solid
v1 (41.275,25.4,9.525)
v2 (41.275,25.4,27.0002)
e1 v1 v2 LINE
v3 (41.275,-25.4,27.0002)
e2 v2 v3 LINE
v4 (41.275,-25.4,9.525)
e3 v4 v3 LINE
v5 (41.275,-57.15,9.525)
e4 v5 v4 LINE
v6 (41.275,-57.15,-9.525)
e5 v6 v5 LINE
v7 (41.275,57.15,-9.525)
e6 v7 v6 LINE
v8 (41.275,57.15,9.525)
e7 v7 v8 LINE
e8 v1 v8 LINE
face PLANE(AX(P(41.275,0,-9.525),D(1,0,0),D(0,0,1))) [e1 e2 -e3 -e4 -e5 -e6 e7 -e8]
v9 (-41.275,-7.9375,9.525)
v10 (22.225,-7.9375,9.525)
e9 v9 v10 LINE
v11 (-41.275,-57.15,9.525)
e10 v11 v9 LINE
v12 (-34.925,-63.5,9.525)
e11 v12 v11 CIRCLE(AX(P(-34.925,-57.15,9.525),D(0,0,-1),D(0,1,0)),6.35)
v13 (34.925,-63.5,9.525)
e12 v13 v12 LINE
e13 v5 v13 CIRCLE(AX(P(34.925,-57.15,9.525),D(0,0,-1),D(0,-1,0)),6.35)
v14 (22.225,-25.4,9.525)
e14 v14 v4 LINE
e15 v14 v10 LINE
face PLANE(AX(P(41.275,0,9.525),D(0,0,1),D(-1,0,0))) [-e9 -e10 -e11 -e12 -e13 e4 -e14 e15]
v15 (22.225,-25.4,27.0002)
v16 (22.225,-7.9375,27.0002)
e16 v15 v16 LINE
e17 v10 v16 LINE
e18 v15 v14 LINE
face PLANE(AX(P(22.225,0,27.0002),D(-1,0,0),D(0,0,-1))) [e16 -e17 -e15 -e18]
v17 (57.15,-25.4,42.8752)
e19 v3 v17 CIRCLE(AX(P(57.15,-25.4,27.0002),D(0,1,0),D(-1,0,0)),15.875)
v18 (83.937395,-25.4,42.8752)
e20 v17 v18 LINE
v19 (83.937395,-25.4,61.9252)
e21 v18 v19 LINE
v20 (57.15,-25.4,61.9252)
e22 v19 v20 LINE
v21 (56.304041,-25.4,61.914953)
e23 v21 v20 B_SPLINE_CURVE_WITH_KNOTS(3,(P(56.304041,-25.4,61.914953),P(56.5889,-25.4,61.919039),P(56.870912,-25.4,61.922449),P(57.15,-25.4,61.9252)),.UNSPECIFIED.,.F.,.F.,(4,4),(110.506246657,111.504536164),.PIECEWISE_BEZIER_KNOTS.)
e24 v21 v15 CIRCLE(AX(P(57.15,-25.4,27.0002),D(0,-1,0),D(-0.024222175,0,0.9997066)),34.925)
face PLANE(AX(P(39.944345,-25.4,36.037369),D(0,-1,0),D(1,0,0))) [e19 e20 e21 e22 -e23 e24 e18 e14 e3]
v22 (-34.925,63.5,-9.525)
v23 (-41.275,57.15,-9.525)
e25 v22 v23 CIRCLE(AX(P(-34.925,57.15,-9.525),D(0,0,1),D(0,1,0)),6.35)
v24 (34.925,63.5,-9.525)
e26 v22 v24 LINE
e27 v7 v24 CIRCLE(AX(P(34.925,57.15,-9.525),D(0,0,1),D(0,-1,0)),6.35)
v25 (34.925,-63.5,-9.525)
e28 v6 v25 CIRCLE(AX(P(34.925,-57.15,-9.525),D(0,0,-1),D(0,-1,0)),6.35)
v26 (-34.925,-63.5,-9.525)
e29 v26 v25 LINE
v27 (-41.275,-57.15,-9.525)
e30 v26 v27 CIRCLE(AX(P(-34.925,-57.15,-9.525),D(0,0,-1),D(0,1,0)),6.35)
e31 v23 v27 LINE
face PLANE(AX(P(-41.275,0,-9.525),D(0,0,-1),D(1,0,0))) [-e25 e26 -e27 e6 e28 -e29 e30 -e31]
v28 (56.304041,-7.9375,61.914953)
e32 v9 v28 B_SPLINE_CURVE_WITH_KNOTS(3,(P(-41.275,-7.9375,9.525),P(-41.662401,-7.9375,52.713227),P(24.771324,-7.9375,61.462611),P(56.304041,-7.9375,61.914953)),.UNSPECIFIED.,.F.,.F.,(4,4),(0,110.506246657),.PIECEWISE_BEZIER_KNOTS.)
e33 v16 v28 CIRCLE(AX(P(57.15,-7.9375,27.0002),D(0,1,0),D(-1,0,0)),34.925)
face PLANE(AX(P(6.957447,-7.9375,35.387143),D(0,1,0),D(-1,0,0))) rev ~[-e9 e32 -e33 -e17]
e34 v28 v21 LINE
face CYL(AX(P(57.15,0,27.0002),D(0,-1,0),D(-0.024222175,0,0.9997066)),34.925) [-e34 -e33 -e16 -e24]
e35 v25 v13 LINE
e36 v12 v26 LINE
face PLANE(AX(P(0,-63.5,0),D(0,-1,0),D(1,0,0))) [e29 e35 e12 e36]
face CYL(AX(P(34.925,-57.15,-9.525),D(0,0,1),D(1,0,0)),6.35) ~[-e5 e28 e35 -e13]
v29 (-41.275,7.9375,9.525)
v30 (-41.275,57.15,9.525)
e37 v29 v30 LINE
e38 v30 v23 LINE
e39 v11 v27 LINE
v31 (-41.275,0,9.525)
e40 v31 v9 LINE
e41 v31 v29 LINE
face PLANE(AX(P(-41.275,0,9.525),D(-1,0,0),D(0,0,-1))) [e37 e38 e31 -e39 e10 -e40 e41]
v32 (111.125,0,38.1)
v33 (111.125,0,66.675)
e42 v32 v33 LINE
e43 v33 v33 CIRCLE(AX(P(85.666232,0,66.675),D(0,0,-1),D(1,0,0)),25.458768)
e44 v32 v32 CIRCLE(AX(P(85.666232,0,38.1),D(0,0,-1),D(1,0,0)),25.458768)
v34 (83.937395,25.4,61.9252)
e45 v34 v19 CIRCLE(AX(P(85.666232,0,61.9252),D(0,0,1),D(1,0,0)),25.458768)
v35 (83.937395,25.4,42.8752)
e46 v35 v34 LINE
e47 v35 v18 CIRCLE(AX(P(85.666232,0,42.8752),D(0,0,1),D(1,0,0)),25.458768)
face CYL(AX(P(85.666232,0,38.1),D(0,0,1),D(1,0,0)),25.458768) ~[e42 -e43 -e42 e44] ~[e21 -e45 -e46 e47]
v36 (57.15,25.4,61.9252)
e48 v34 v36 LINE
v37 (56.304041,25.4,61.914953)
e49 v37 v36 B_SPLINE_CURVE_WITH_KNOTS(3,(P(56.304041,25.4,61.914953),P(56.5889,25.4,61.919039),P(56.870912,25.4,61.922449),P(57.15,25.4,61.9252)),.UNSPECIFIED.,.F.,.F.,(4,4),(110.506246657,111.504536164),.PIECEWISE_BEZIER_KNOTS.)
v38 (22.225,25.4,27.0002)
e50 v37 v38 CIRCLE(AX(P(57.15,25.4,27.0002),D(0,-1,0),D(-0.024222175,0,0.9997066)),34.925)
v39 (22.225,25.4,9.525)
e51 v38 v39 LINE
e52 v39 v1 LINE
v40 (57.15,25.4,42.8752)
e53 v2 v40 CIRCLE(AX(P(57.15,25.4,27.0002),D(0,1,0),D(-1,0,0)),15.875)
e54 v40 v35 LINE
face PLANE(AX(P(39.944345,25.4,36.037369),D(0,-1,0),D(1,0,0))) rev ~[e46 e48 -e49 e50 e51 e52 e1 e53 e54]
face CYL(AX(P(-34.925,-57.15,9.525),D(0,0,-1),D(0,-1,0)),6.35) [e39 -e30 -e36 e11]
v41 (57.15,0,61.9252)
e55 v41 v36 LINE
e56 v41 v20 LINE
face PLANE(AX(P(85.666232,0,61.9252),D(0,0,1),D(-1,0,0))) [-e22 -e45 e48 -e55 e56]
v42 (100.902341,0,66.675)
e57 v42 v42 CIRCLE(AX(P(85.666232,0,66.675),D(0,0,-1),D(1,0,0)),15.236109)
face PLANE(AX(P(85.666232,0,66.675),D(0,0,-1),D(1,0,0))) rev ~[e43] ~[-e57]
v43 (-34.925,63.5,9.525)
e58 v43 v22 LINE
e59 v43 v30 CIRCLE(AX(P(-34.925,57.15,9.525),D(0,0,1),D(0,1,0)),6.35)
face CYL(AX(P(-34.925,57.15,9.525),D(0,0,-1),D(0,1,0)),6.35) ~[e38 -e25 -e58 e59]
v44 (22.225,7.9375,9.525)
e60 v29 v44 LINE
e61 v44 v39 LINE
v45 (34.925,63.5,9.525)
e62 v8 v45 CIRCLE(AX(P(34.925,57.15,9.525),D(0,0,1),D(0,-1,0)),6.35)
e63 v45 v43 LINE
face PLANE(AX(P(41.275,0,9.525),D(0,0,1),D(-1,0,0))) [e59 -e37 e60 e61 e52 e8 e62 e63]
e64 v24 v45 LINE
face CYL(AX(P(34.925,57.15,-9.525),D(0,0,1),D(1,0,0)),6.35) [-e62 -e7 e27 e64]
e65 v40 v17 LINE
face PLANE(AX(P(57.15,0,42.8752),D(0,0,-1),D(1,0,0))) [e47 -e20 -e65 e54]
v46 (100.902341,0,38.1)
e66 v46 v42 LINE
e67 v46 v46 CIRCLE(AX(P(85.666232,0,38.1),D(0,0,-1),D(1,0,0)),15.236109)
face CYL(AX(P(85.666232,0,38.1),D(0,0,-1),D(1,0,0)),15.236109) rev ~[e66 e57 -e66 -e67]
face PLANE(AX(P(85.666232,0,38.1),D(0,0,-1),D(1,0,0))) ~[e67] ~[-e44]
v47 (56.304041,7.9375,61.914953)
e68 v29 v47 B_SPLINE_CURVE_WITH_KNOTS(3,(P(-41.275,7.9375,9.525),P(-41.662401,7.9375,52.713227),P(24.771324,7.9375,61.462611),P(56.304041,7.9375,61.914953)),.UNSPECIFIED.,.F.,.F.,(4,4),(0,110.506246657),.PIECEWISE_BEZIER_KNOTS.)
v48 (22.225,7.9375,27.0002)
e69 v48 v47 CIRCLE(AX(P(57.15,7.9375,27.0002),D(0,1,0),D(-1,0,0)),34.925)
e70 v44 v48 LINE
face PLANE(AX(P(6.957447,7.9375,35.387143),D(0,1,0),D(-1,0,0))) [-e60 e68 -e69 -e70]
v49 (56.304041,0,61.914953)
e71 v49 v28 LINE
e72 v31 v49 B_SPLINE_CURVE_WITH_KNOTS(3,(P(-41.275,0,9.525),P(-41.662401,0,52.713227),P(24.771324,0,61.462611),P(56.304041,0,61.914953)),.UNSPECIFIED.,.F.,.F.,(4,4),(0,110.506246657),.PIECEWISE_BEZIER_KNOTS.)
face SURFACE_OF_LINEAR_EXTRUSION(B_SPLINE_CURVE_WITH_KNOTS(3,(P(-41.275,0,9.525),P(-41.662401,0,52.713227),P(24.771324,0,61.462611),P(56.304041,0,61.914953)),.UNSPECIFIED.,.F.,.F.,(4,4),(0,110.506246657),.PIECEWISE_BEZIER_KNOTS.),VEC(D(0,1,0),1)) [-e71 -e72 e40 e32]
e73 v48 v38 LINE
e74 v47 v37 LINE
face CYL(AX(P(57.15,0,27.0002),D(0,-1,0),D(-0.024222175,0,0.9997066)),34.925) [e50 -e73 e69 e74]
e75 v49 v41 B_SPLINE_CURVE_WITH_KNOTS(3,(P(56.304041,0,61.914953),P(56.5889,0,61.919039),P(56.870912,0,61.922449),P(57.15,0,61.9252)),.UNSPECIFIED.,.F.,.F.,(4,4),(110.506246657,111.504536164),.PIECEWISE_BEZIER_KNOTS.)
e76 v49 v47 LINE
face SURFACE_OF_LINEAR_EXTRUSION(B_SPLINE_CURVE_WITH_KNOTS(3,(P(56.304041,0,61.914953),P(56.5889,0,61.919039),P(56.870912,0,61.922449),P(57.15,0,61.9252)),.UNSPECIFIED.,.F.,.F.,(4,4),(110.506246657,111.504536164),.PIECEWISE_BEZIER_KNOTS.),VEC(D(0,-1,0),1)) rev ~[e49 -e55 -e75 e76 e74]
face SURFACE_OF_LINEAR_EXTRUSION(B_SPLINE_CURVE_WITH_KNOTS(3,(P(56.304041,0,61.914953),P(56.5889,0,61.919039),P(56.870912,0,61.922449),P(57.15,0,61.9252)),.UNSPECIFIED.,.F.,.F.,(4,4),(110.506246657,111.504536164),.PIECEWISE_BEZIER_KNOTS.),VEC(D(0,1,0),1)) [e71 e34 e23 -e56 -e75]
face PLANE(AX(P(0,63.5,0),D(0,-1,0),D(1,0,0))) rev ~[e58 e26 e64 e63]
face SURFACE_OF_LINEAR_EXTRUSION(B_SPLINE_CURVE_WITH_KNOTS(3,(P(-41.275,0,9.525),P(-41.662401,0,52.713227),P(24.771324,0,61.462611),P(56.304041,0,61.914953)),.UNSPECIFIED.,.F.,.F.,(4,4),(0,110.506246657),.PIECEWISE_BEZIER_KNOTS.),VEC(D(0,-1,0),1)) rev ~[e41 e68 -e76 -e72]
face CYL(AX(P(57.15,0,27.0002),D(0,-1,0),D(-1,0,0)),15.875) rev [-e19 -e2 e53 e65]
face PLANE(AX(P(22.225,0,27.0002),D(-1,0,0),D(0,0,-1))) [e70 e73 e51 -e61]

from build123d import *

# Parameters (mm, degrees)
F1_DEPTH = 63.5
F2_DEPTH = 7.9375
F0_W     = 25.341231811
F0_H     = 19.05
F3_DEPTH = 25.4
F5_R     = 6.35
F6_R     = 15.2361087042
F7_DEPTH = 28.575


with BuildPart() as f1:
    # F0 (on Front) → F1 (new body, symmetric)
    with BuildSketch(Plane.XZ):
        Polygon((-41.275, 9.525), (-41.275, -9.525), (41.275, -9.525), (41.275, 9.525), (22.225, 9.525), align=None)
    extrude(amount=F1_DEPTH, both=True)

    # F0 (on Front) → F2 (join, symmetric)
    with BuildSketch(Plane.XZ):
        with BuildLine():
            add(Edge.make_bspline(
                [(-41.275, 9.525), (-41.6624008036, 52.7132268151), (24.7713242394, 61.4626114939), (56.3040405334, 61.9149530076)],
                knots=[0, 0, 0, 0, 110.5062466574, 110.5062466574, 110.5062466574, 110.5062466574], degree=3))
            Line((-41.275, 9.525), (22.225, 9.525))
            Line((22.225, 9.525), (22.225, 27.0002))
            ThreePointArc((22.225, 27.0002), (32.1569933844, 51.3949790585), (56.3040405334, 61.9149530076))
        make_face()
    extrude(amount=F2_DEPTH, both=True)

    # F0 (on Front) → F3 (join, symmetric)
    with BuildSketch(Plane.XZ):
        with BuildLine():
            Line((22.225, 9.525), (41.275, 9.525))
            Line((41.275, 9.525), (41.275, 27.0002))
            ThreePointArc((41.275, 27.0002), (45.9246798487, 38.2255201513), (57.15, 42.8752))
            Line((57.15, 42.8752), (60.325, 42.8752))
            Line((60.325, 42.8752), (60.325, 61.9252))
            Line((60.325, 61.9252), (57.15, 61.9252))
            add(Edge.make_bspline(
                [(56.3040405334, 61.9149530076), (56.5889002651, 61.9190393629), (56.8709117518, 61.9224486028), (57.15, 61.9252)],
                knots=[110.5062466574, 110.5062466574, 110.5062466574, 110.5062466574, 111.5045361635, 111.5045361635, 111.5045361635, 111.5045361635], degree=3))
            ThreePointArc((56.3040405334, 61.9149530076), (32.1569933844, 51.3949790585), (22.225, 27.0002))
            Line((22.225, 27.0002), (22.225, 9.525))
        make_face()
        with Locations((72.9956159055, 52.4002)):
            Rectangle(F0_W, F0_H)
    extrude(amount=F3_DEPTH, both=True)

    # F0 (on Front) → F4 (revolve)
    with BuildSketch(Plane.XZ):
        Polygon((85.666231811, 66.675), (85.666231811, 61.9252), (85.666231811, 42.8752), (85.666231811, 38.1), (111.125, 38.1), (111.125, 66.675), align=None)
    revolve(axis=Axis((85.666231811, 0, 52.3875), (0, 0, -1)))

    # F5
    f5_edges = [f1.edges().sort_by_distance(p)[0] for p in [
        (-41.275, -63.5, 0),
        (41.275, -63.5, 0),
        (41.275, 63.5, 0),
        (-41.275, 63.5, 0),
    ]]
    fillet(f5_edges, radius=F5_R)

    # F6 (on face) → F7 (cut)
    with BuildSketch(Plane(origin=(0, 0, 38.1), x_dir=(1, 0, 0), z_dir=(0, 0, -1))):
        with Locations((85.666231811, 0)):
            Circle(F6_R)
    extrude(amount=-F7_DEPTH, mode=Mode.SUBTRACT)


solid = f1.part
